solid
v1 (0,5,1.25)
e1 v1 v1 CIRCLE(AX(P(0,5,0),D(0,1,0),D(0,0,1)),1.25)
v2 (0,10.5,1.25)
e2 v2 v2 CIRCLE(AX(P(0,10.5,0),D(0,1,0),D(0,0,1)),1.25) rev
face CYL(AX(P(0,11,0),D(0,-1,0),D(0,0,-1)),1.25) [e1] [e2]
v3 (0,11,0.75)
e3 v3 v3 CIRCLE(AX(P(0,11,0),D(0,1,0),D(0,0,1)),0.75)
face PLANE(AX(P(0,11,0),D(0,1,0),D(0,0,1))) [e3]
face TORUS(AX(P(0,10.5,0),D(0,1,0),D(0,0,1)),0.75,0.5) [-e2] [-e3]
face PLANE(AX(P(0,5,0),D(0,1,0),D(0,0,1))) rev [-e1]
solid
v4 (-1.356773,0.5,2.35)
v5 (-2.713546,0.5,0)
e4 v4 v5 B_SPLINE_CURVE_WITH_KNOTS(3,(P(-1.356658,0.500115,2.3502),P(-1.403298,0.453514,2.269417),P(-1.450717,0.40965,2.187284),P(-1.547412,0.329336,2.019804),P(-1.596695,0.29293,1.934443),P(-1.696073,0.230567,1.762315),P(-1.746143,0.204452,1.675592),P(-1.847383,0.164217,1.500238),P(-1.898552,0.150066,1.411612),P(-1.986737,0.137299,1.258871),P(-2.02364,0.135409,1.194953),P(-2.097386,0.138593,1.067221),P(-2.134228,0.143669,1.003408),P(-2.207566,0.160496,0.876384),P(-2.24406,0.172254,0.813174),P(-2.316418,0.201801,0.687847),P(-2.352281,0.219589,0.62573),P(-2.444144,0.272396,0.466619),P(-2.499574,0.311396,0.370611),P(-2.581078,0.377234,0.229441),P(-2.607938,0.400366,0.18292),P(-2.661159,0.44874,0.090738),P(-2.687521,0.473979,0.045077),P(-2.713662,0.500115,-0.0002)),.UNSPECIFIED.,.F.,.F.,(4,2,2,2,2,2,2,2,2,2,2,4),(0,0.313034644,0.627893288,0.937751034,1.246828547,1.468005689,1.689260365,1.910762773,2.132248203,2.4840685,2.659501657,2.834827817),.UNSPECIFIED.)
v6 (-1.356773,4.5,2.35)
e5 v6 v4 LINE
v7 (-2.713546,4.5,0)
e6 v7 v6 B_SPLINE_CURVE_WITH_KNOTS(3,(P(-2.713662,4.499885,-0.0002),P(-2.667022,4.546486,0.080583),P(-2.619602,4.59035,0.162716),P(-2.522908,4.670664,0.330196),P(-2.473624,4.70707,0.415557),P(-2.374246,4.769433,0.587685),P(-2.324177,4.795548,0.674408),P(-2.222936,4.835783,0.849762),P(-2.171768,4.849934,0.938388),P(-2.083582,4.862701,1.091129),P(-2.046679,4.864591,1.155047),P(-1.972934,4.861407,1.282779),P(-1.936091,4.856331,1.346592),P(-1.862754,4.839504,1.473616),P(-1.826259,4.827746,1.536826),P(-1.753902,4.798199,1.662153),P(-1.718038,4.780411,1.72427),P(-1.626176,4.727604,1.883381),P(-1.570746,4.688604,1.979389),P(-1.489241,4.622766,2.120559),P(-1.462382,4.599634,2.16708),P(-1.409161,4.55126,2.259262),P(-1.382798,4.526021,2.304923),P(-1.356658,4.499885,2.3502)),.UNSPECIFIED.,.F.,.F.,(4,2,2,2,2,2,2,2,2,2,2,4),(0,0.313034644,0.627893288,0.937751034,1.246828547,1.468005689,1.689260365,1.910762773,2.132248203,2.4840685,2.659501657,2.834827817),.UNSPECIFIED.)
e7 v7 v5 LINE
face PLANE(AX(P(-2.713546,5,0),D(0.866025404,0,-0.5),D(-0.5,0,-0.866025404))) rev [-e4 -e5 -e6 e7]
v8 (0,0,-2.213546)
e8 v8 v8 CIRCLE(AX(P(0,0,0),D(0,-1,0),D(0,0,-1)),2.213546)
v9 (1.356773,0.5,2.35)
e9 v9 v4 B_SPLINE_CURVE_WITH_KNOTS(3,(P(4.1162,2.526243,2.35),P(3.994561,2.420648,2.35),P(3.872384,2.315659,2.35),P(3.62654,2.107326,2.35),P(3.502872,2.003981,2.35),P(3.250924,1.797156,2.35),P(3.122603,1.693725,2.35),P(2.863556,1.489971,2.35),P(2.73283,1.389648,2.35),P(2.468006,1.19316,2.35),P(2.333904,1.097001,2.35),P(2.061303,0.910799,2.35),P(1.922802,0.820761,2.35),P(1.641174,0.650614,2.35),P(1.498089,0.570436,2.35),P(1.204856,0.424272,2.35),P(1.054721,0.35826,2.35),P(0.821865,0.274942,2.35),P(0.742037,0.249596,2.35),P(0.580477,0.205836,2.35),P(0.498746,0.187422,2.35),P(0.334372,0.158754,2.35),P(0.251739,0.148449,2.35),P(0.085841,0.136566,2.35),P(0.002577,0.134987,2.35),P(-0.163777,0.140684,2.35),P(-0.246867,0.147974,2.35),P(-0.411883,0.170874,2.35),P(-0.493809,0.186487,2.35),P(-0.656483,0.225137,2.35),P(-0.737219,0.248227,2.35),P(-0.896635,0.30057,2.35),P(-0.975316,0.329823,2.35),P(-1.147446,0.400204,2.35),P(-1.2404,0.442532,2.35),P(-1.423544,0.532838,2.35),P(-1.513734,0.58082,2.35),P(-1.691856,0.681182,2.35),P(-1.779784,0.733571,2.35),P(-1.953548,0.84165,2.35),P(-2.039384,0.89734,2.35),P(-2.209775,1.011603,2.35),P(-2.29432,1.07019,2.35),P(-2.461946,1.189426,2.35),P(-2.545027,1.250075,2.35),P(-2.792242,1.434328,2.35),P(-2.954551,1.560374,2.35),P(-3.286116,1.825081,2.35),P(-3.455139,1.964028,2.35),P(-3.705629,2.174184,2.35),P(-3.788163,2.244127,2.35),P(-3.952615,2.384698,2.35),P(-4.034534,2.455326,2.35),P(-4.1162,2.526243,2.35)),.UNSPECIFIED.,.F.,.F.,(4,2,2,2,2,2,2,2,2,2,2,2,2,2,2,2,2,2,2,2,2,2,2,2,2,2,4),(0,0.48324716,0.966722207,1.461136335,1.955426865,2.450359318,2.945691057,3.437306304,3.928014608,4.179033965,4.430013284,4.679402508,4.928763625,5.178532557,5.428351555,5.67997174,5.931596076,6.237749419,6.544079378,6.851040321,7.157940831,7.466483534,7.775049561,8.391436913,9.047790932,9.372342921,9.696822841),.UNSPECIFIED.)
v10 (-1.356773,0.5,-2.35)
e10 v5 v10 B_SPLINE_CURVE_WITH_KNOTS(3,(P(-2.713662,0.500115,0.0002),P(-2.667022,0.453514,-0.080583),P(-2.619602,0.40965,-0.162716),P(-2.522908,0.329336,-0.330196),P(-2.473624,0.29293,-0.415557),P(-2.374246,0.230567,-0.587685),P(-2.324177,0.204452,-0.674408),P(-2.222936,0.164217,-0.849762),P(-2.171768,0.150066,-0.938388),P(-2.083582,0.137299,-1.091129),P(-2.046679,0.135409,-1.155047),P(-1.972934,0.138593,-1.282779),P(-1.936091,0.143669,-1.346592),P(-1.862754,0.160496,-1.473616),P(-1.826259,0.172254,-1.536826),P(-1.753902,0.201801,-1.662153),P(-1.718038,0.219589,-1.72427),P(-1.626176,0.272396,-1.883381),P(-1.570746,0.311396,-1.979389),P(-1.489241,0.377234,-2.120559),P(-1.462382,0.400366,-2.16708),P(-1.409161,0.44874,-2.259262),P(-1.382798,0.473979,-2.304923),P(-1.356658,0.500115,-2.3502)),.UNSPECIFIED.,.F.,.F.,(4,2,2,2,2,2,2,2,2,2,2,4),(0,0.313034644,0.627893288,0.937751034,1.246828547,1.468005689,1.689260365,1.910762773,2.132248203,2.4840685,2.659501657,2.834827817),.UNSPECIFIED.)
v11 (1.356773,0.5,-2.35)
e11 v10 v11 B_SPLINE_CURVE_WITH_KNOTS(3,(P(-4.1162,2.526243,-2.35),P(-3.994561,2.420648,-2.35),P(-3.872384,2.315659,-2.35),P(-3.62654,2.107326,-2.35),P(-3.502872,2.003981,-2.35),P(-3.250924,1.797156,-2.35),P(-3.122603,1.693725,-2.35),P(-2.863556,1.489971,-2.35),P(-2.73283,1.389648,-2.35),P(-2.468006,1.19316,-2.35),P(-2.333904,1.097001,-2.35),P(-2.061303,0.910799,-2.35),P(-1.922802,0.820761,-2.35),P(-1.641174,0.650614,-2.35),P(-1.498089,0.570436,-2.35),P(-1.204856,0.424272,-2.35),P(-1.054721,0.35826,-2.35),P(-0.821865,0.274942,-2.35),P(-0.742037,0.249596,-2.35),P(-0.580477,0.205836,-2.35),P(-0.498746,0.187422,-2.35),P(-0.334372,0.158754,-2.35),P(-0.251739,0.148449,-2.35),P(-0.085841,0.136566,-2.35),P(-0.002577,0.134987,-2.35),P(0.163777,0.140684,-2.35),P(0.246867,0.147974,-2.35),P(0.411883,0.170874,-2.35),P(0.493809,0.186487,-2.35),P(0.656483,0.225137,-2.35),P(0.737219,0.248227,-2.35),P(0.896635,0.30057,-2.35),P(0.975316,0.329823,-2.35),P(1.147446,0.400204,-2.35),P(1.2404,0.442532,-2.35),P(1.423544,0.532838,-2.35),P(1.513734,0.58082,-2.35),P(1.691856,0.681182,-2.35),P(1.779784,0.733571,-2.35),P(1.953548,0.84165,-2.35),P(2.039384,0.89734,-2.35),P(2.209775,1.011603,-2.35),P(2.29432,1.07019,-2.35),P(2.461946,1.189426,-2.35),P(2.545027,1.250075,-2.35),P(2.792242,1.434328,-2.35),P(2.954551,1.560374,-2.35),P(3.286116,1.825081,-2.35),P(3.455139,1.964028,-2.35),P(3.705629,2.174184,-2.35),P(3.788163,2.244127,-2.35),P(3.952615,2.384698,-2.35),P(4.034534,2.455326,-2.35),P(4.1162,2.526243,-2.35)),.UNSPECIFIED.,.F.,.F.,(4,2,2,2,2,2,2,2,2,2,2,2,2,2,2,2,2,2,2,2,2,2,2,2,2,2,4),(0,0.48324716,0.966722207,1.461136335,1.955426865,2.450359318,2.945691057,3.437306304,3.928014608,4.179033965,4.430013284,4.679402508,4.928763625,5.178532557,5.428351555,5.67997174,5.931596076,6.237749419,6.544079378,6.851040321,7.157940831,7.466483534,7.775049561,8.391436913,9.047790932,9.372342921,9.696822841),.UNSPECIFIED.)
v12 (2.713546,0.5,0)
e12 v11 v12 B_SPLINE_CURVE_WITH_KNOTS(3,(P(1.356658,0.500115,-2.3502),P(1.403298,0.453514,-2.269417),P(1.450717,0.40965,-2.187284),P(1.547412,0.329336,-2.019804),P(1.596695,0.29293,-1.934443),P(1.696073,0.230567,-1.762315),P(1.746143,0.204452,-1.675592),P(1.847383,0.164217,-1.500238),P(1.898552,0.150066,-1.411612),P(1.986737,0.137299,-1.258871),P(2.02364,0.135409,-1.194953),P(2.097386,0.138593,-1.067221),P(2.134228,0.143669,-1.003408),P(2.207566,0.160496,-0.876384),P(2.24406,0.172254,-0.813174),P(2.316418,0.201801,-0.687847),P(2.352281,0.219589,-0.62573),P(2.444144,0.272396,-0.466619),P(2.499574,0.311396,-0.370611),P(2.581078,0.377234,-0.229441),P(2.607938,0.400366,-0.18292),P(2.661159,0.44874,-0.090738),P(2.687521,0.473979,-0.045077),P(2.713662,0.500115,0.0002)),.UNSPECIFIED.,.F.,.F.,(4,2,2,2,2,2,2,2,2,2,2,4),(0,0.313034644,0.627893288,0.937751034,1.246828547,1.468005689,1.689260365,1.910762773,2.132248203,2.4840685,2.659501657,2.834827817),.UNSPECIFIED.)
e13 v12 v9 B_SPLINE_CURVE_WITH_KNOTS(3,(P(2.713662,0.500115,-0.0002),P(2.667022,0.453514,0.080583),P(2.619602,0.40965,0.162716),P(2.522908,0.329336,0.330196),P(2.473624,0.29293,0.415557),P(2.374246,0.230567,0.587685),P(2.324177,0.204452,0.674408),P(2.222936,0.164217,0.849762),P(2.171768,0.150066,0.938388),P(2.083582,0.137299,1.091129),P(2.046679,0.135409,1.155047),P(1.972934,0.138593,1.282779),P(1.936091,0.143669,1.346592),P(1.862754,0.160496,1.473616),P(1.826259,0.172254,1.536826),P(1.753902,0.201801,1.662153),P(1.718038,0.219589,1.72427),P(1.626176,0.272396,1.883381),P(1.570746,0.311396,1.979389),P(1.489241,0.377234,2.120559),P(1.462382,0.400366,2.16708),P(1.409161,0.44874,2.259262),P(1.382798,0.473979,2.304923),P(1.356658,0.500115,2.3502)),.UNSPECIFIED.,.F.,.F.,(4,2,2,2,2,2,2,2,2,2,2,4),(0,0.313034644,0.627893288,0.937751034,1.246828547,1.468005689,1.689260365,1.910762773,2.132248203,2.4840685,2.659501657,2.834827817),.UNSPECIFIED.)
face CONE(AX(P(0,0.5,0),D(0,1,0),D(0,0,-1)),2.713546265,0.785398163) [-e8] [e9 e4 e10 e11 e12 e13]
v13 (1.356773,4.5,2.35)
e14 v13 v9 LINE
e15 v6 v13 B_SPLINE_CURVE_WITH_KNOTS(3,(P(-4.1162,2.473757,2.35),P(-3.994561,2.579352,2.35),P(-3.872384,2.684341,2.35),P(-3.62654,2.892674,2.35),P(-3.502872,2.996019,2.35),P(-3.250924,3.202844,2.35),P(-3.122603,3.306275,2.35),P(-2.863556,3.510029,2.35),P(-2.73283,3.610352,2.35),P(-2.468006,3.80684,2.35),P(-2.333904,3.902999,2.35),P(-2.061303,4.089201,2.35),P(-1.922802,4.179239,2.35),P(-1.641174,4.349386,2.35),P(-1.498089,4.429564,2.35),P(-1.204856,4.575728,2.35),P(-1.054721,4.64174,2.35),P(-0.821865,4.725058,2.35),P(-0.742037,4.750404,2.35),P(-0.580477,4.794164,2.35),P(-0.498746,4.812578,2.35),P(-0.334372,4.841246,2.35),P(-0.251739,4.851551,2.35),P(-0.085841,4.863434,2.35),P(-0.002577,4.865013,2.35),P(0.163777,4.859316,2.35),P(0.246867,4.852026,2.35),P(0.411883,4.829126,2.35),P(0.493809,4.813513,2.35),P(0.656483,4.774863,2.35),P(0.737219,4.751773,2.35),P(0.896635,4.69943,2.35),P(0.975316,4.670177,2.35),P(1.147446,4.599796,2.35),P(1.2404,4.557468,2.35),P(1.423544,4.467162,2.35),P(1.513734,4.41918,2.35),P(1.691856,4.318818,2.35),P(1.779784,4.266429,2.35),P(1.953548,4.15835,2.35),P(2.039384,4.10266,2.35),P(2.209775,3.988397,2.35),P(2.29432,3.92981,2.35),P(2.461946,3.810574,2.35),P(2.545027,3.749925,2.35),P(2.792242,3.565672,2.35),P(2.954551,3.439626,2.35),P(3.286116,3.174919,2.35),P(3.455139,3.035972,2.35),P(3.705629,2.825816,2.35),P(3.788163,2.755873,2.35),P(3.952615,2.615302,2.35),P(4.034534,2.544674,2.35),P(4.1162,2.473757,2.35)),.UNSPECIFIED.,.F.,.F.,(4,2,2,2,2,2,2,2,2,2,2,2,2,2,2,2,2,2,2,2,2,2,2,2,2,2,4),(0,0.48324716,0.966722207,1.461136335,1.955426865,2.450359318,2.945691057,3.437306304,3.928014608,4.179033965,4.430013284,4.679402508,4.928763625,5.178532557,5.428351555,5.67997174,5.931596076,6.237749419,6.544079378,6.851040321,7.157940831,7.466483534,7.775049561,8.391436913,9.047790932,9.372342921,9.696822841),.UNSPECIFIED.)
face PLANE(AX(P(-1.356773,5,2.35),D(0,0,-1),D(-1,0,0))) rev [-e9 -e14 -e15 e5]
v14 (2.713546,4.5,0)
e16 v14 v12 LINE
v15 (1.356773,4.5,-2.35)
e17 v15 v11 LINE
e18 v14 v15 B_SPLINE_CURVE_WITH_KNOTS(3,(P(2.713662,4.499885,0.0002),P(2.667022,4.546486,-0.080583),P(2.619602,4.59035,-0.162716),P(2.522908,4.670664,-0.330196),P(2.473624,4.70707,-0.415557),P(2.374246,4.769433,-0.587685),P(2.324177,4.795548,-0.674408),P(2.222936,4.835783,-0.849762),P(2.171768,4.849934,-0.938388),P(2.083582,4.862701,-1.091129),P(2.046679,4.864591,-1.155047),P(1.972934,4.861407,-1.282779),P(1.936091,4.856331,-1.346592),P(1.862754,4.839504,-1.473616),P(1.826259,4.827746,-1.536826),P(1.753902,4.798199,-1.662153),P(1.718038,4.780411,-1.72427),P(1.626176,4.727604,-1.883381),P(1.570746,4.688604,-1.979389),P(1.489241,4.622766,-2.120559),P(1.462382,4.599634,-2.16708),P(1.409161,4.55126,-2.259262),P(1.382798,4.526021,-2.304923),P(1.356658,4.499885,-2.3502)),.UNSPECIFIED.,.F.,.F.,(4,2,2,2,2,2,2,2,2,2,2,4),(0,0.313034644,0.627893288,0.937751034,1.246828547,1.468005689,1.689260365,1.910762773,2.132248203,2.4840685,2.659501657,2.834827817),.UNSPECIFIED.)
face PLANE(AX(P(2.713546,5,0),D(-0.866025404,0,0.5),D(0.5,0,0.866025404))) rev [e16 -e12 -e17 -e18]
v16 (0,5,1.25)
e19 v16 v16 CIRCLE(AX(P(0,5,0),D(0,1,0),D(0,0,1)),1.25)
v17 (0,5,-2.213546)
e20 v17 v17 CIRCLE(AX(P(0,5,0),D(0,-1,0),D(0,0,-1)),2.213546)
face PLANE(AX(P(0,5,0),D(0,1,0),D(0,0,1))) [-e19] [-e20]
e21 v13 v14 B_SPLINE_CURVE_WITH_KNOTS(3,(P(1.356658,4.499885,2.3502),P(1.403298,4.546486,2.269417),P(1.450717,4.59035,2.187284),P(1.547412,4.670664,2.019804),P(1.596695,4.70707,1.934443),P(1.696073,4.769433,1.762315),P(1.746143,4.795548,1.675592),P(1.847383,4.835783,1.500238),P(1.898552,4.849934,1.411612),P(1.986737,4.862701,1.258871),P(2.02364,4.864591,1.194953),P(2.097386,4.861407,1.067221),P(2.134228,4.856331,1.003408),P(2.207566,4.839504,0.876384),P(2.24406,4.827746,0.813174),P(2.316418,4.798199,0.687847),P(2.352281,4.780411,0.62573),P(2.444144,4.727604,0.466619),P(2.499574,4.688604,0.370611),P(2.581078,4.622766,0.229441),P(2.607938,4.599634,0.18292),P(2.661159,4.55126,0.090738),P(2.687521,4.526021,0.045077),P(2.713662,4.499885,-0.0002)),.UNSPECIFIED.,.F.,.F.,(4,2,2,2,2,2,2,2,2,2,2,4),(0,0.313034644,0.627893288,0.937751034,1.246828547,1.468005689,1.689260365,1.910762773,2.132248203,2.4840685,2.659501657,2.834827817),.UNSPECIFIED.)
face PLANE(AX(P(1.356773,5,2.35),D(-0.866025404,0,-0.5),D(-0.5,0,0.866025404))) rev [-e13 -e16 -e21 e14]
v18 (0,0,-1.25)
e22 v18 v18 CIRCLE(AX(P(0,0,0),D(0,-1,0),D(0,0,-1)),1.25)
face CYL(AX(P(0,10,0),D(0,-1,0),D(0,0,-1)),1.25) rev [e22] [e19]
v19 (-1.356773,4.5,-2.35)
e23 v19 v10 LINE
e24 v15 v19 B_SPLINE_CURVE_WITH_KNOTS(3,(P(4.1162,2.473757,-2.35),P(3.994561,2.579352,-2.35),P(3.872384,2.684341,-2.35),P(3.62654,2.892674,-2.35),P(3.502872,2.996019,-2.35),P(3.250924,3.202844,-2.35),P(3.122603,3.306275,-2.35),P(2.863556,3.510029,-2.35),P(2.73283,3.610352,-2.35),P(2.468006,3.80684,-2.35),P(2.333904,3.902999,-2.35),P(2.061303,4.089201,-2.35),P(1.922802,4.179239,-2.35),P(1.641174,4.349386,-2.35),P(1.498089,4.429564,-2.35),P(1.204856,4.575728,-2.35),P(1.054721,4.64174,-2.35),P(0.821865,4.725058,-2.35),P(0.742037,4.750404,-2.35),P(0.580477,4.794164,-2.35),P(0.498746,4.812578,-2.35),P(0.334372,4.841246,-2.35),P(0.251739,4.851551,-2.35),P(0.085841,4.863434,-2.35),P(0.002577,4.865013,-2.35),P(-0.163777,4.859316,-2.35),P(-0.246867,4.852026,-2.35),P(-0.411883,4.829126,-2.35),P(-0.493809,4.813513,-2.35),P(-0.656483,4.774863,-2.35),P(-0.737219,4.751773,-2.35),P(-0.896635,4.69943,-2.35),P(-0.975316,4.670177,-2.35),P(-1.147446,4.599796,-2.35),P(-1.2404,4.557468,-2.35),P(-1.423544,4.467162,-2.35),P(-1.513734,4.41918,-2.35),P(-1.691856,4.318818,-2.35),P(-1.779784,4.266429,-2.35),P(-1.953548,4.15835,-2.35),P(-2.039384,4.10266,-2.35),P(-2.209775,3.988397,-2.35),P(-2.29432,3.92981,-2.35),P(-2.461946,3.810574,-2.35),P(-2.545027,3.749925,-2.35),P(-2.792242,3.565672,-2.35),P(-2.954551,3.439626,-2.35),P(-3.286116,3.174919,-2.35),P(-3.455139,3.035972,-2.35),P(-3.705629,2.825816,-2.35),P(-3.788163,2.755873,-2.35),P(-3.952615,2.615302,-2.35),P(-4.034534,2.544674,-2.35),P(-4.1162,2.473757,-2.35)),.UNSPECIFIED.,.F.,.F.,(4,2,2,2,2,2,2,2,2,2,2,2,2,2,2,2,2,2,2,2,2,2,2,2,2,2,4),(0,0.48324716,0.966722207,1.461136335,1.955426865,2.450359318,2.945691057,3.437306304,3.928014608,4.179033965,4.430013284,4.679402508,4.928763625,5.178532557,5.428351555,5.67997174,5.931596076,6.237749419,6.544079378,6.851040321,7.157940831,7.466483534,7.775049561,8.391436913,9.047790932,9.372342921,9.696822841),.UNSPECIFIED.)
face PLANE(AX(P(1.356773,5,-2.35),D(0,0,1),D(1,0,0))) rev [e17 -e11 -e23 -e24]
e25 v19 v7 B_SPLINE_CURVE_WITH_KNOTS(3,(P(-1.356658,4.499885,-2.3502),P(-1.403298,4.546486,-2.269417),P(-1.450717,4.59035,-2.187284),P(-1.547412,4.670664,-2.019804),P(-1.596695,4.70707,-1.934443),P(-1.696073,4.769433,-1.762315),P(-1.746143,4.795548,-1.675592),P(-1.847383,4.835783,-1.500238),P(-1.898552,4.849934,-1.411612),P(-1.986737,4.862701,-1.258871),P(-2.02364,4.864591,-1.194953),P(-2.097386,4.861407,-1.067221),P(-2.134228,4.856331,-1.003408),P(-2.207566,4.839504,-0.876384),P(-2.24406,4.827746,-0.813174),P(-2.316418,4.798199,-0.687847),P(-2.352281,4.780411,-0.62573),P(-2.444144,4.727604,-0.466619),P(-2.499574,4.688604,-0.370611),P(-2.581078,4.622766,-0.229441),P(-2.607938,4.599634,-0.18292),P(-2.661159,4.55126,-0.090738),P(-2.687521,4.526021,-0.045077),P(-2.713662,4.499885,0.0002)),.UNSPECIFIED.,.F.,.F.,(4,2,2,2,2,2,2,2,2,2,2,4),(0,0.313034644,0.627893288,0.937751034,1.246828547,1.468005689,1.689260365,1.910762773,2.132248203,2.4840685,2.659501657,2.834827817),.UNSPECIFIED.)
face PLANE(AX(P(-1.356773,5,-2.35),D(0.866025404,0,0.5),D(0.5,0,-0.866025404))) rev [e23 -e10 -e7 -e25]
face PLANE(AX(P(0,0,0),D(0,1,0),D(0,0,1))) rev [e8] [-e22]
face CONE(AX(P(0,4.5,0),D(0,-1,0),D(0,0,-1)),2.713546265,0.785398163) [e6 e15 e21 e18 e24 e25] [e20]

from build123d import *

# Parameters (mm, degrees)
EXTRUDE_1_DEPTH     = 5
SKETCH_2_R          = 1.25
CUT_EXTRUDE_1_DEPTH = 10
SKETCH_4_R          = 1.25
EXTRUDE_2_DEPTH     = 6
FILLET_1_R          = 0.5


with BuildPart() as part:
    # 草图1 → 凸台-拉伸1 (new body)
    with BuildSketch(Plane(origin=(0, 0, 0), x_dir=(1, 0, 0), z_dir=(0, 1, 0))):
        Polygon((2.713546265, 0), (1.356773133, 2.35), (-1.356773133, 2.35), (-2.713546265, 0), (-1.356773133, -2.35), (1.356773133, -2.35), align=None)
    extrude(amount=EXTRUDE_1_DEPTH)

    # 草图2 → 切除-拉伸1 (cut)
    with BuildSketch(Plane.XZ):
        with Locations(Location((0, 0, 0), (0, 0, 270))):
            Circle(SKETCH_2_R)
    extrude(amount=-CUT_EXTRUDE_1_DEPTH, mode=Mode.SUBTRACT)

    # 草图7 → 切除-旋转4 (revolve, cut)
    with BuildSketch(Plane.XY, mode=Mode.PRIVATE) as cut_revolve_4_sk:
        Polygon((-2.713546265, 5), (-2.713546265, 4.5), (-2.213546265, 5), align=None)
    cut_revolve_4 = revolve(cut_revolve_4_sk.sketch.rotate(Axis((0, 0, 0), (0, 1, 0)), 270), axis=Axis((0, 0, 0), (0, 1, 0)), mode=Mode.SUBTRACT)

    # 镜向1: 切除-旋转4 across plane
    add(cut_revolve_4.mirror(Plane(origin=(0, 2.5, 0), x_dir=(0, 0, 1), z_dir=(0, -1, 0))), mode=Mode.SUBTRACT)


with BuildPart() as body_2:
    # 草图4 → 凸台-拉伸2 (new body)
    with BuildSketch(Plane(origin=(0, 5, 0), x_dir=(1, 0, 0), z_dir=(0, 1, 0))):
        with Locations(Location((0, 0, 0), (0, 0, 270))):
            Circle(SKETCH_4_R)
    extrude(amount=EXTRUDE_2_DEPTH)

    # 圆角1
    fillet_1_edges = [body_2.edges().sort_by_distance(p)[0] for p in [
        (0, 11, -1.25),
    ]]
    fillet(fillet_1_edges, radius=FILLET_1_R)


solid = Compound([part.part, body_2.part])
